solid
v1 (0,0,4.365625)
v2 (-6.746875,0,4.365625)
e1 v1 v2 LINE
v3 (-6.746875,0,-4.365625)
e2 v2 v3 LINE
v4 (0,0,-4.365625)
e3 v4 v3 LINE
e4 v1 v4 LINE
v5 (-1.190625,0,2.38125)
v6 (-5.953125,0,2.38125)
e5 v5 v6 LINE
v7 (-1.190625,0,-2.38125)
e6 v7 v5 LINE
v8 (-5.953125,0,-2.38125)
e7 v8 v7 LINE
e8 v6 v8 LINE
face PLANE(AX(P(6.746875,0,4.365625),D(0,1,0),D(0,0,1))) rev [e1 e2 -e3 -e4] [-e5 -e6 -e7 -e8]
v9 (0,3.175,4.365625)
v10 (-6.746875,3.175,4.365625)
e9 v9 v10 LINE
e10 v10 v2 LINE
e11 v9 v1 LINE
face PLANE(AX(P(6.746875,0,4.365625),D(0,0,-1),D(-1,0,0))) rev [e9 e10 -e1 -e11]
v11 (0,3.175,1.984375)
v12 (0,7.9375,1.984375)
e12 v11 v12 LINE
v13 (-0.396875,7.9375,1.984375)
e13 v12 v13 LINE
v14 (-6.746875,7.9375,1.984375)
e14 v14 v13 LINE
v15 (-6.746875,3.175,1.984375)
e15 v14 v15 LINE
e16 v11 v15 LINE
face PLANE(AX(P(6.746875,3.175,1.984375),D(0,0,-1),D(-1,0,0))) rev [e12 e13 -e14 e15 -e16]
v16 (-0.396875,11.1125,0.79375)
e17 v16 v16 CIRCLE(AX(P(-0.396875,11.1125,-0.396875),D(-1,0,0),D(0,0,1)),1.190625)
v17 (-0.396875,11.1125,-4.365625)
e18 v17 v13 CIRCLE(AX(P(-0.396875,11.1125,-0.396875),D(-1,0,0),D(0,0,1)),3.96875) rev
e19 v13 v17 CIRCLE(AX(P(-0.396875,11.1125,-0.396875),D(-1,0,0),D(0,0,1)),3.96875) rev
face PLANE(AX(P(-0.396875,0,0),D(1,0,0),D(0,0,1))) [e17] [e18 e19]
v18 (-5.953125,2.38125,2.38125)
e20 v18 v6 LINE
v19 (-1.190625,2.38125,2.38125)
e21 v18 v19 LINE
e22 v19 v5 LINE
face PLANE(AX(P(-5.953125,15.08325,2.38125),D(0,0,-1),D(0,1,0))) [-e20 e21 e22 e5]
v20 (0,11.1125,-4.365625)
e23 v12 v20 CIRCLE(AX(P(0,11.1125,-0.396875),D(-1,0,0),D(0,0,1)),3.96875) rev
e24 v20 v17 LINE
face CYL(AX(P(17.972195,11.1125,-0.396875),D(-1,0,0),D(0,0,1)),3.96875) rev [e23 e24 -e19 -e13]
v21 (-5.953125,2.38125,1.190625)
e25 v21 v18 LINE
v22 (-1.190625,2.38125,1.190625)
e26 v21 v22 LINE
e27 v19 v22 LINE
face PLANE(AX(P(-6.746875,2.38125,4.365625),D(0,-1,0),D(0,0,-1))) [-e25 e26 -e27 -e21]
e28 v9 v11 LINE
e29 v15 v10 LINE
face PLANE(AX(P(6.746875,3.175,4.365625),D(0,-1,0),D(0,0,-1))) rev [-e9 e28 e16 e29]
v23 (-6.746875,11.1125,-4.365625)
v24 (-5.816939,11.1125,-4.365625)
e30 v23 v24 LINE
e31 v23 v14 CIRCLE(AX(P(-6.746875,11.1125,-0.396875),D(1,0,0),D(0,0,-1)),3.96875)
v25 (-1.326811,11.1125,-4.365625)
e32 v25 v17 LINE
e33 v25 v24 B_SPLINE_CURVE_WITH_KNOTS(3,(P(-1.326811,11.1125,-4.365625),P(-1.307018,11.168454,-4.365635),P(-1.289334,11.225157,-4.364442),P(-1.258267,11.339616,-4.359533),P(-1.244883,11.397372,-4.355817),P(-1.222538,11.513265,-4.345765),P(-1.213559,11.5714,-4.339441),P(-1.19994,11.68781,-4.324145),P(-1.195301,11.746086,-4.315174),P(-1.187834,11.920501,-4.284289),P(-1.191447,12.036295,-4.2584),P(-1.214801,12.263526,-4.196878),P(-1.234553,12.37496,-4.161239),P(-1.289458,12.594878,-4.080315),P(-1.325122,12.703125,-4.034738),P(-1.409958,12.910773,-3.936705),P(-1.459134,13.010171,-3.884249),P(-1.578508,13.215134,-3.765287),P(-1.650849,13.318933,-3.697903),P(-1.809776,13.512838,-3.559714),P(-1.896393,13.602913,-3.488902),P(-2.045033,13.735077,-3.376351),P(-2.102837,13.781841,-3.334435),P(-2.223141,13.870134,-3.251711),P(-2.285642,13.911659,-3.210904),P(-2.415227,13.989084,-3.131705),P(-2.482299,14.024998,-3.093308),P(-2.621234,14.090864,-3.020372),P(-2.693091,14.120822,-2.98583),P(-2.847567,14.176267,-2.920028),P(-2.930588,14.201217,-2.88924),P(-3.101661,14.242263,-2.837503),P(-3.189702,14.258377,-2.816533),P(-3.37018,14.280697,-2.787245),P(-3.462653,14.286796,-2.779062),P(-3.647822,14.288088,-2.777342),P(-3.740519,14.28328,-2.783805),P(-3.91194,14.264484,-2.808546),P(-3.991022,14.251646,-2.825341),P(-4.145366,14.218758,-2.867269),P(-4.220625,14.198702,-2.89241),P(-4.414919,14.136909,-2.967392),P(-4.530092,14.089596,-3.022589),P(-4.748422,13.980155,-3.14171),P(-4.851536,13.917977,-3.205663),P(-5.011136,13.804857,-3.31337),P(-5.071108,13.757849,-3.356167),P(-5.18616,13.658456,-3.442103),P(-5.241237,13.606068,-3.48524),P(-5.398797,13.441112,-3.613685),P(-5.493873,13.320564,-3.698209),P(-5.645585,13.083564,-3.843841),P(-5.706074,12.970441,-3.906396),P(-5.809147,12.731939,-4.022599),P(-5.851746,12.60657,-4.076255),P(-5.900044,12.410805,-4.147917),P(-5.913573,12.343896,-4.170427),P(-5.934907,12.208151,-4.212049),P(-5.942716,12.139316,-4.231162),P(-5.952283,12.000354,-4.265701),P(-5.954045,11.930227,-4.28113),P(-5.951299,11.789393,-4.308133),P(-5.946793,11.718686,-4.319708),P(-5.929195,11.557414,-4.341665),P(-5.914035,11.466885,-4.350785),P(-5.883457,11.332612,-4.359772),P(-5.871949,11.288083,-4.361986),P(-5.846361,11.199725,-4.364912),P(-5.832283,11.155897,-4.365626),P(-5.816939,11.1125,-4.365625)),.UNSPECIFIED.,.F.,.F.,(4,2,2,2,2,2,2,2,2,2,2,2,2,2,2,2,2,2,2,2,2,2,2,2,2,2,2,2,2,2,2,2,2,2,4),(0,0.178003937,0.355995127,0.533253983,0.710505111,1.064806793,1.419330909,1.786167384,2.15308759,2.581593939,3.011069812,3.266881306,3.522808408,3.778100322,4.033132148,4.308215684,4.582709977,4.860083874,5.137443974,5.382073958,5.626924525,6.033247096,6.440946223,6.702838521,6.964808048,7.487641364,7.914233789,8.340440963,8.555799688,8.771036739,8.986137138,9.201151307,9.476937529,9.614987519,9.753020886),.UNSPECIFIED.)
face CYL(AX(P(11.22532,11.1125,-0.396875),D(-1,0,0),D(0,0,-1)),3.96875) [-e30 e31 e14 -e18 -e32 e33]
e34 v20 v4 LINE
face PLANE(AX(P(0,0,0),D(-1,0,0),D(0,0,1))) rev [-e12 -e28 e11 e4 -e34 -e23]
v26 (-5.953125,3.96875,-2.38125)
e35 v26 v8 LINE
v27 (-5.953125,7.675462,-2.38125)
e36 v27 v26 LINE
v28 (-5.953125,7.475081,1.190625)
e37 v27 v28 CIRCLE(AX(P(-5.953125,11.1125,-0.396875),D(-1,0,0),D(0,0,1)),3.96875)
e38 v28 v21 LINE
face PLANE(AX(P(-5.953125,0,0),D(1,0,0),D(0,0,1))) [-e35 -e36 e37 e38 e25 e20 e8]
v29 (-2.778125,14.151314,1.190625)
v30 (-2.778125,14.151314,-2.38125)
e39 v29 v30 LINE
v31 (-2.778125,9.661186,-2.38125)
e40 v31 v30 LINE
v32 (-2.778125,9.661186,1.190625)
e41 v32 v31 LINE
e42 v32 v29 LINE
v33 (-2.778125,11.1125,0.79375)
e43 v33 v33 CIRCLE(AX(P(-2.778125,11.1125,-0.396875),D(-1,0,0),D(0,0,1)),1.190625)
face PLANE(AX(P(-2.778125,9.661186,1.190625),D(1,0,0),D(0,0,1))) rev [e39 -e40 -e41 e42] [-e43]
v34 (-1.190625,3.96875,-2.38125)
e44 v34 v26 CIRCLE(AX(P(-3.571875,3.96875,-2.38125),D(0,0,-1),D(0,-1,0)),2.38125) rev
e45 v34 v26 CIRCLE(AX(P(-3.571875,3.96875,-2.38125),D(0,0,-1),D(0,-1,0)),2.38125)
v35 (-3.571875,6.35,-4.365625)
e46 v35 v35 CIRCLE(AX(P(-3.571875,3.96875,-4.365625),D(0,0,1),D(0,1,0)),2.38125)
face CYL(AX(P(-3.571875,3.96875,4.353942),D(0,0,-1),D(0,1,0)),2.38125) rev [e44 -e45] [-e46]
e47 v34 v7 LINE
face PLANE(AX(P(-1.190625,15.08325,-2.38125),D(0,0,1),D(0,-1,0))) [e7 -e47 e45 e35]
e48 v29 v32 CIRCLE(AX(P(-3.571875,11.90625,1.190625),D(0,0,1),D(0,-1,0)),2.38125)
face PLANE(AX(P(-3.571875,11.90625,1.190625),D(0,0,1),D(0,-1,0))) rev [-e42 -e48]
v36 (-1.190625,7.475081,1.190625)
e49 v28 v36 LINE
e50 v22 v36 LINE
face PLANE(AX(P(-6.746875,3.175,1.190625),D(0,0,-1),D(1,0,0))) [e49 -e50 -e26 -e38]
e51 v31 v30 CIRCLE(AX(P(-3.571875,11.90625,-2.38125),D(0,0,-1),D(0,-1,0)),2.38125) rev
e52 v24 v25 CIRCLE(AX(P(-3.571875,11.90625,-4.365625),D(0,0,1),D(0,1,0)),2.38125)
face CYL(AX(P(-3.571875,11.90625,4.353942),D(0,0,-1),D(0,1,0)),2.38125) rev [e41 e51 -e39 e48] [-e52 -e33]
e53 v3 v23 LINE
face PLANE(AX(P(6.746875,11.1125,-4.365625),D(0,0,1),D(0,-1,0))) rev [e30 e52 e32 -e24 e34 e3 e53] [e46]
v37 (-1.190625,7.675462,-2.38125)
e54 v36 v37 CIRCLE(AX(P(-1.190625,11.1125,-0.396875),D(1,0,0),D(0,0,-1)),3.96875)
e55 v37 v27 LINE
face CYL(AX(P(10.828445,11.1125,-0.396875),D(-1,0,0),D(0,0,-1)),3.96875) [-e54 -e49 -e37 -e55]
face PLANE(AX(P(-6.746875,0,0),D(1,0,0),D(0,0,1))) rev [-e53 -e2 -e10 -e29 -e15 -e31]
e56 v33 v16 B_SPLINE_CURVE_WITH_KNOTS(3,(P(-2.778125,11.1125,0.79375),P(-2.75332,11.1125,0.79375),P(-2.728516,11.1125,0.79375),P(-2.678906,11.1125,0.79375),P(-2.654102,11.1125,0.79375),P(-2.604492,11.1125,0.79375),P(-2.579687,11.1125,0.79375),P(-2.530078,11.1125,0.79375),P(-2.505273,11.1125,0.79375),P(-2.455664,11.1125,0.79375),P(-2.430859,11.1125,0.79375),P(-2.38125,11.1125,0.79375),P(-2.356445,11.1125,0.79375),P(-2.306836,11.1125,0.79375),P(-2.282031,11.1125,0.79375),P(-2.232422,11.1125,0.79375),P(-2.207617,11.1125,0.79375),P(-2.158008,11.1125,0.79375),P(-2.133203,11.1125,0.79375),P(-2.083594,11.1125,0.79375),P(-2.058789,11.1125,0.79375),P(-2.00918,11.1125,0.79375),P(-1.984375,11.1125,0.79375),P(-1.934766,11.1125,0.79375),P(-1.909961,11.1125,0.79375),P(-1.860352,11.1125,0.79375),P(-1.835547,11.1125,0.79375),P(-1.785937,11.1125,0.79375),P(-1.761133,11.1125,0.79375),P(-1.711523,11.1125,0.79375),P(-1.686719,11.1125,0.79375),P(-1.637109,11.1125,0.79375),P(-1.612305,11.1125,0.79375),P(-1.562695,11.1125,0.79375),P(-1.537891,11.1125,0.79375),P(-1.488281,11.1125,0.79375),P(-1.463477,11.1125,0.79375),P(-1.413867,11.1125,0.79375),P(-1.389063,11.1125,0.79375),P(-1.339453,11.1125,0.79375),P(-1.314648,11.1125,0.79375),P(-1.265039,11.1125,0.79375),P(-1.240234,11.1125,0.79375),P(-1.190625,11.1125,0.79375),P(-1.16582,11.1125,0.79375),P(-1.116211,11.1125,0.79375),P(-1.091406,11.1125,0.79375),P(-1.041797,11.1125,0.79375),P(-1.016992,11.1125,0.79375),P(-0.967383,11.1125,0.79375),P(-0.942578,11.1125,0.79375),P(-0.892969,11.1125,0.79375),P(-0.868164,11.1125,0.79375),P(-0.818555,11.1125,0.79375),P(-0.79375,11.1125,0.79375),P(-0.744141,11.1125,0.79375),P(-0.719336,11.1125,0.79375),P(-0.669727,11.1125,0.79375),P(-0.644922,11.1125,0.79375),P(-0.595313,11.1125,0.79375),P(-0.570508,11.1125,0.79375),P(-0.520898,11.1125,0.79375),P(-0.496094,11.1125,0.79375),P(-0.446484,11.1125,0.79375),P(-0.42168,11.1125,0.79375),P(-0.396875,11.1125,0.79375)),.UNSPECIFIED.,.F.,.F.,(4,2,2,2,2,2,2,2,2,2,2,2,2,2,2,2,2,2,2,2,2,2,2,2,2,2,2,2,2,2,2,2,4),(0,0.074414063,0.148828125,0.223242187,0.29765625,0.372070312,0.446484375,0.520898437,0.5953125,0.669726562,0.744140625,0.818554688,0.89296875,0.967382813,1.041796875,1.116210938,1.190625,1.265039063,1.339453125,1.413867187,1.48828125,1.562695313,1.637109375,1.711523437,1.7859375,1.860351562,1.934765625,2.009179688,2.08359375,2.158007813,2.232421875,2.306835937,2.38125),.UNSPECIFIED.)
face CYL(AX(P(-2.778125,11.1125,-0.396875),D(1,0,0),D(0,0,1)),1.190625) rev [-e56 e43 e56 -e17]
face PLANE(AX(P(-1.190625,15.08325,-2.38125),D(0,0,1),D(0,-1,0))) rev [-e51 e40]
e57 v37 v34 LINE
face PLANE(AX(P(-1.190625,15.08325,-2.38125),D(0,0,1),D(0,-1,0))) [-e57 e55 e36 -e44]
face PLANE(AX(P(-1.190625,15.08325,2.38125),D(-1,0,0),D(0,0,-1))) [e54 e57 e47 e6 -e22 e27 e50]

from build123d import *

# Parameters (mm, degrees)
BOSS_EXTRUDE4_DEPTH  = 6.746875
SKETCH6_R            = 3.96875
BOSS_EXTRUDE5_DEPTH  = 6.746875
SHELL2_T             = -0.79375
BOSS_EXTRUDE6_REACH  = 19.089
CUT_EXTRUDE2_START   = -0.396875
SKETCH11_R           = 3.96875
CUT_EXTRUDE2_DEPTH   = 0.396875
SKETCH13_R           = 3.96875
BOSS_EXTRUDE11_DEPTH = 6.35
SKETCH14_R           = 2.38125
CUT_EXTRUDE3_DEPTH   = 1.984375
CUT_EXTRUDE4_DEPTH   = 3.571875
SKETCH17_R           = 1.190625
CUT_EXTRUDE5_DEPTH   = 2.38125
SKETCH18_W           = 8.89
SKETCH18_H           = 15.24
CUT_EXTRUDE6_DEPTH   = 12.7


with BuildPart() as part:
    # Sketch2 → Boss-Extrude4 (new body)
    with BuildSketch(Plane(origin=(0, 0, 0), x_dir=(0, 0, -1), z_dir=(1, 0, 0))):
        Polygon((-4.365625, 0), (4.365625, 0), (4.365625, 11.1125), (-1.984375, 11.1125), (-1.984375, 3.175), (-4.365625, 3.175), align=None)
    extrude(amount=BOSS_EXTRUDE4_DEPTH)

    # Sketch6 → Boss-Extrude5 (add)
    with BuildSketch(Plane(origin=(6.746875, 0, 0), x_dir=(0, 0, -1), z_dir=(1, 0, 0))):
        with Locations((0.396875, 11.1125)):
            Circle(SKETCH6_R)
    extrude(amount=-BOSS_EXTRUDE5_DEPTH)

    # Shell2
    shell2_openings = [part.faces().sort_by_distance(p)[0] for p in [
        (3.3734375, 0, 0),
    ]]
    offset(amount=SHELL2_T, openings=shell2_openings, kind=Kind.INTERSECTION)

    # Sketch7 → Boss-Extrude6 (add, up to next)
    with BuildSketch(Plane.XZ, mode=Mode.PRIVATE) as boss_extrude6_sk1:
        Polygon((5.953125, 3.571875), (5.953125, 2.38125), (1.190625, 2.38125), (1.190625, -2.38125), (5.953125, -2.38125), (5.953125, -3.571875), (0.79375, -3.571875), (0.79375, 3.571875), align=None)
    boss_extrude6_tool1 = extrude(boss_extrude6_sk1.sketch, amount=-BOSS_EXTRUDE6_REACH, mode=Mode.PRIVATE) - part.part
    add(boss_extrude6_tool1.solids().sort_by_distance((5.865004, 0, 2.976562))[0])

    # Sketch11 → Cut-Extrude2 (cut)
    with BuildSketch(Plane.ZY.offset(CUT_EXTRUDE2_START)):
        with Locations((-0.396875, 11.1125)):
            Circle(SKETCH11_R)
    extrude(amount=CUT_EXTRUDE2_DEPTH, mode=Mode.SUBTRACT)

    # Sketch13 → Boss-Extrude11 (add)
    with BuildSketch(Plane(origin=(6.746875, 0, 0), x_dir=(0, 0, -1), z_dir=(1, 0, 0))):
        with Locations((0.396875, 11.1125)):
            Circle(SKETCH13_R)
    extrude(amount=-BOSS_EXTRUDE11_DEPTH)

    # Sketch14 → Cut-Extrude3 (cut)
    with BuildSketch(Plane(origin=(0, 0, -4.365625), x_dir=(-1, 0, 0), z_dir=(0, 0, -1))):
        with Locations(Location((-3.571875, 3.96875, 0), (0, 0, 90))):
            Circle(SKETCH14_R)
        with Locations(Location((-3.571875, 11.90625, 0), (0, 0, 340.528779366))):
            Circle(SKETCH14_R)
    extrude(amount=-CUT_EXTRUDE3_DEPTH, mode=Mode.SUBTRACT)

    # Sketch16 → Cut-Extrude4 (cut)
    with BuildSketch(Plane(origin=(0, 0, -2.38125), x_dir=(-1, 0, 0), z_dir=(0, 0, -1))):
        with BuildLine():
            Line((-2.778125, 9.66118597), (-2.778125, 14.15131403))
            ThreePointArc((-2.778125, 14.15131403), (-5.953125, 11.90625), (-2.778125, 9.66118597))
        make_face()
    extrude(amount=-CUT_EXTRUDE4_DEPTH, mode=Mode.SUBTRACT)

    # Sketch17 → Cut-Extrude5 (cut)
    with BuildSketch(Plane.ZY.offset(-0.396875)):
        with Locations((-0.396875, 11.1125)):
            Circle(SKETCH17_R)
    extrude(amount=-CUT_EXTRUDE5_DEPTH, mode=Mode.SUBTRACT)

    # Mirror6: part across plane


with BuildPart() as part_1:
    add(part.part)
    add(part.part.mirror(Plane(origin=(0, 0, 0), x_dir=(0, 0, 1), z_dir=(1, 0, 0))))

    # Sketch18 → Cut-Extrude6 (cut)
    with BuildSketch(Plane(origin=(0, 0, 0), x_dir=(0, 0, -1), z_dir=(1, 0, 0))):
        with Locations((0.079375, 7.62)):
            Rectangle(SKETCH18_W, SKETCH18_H)
    extrude(amount=CUT_EXTRUDE6_DEPTH, mode=Mode.SUBTRACT)


solid = part_1.part
